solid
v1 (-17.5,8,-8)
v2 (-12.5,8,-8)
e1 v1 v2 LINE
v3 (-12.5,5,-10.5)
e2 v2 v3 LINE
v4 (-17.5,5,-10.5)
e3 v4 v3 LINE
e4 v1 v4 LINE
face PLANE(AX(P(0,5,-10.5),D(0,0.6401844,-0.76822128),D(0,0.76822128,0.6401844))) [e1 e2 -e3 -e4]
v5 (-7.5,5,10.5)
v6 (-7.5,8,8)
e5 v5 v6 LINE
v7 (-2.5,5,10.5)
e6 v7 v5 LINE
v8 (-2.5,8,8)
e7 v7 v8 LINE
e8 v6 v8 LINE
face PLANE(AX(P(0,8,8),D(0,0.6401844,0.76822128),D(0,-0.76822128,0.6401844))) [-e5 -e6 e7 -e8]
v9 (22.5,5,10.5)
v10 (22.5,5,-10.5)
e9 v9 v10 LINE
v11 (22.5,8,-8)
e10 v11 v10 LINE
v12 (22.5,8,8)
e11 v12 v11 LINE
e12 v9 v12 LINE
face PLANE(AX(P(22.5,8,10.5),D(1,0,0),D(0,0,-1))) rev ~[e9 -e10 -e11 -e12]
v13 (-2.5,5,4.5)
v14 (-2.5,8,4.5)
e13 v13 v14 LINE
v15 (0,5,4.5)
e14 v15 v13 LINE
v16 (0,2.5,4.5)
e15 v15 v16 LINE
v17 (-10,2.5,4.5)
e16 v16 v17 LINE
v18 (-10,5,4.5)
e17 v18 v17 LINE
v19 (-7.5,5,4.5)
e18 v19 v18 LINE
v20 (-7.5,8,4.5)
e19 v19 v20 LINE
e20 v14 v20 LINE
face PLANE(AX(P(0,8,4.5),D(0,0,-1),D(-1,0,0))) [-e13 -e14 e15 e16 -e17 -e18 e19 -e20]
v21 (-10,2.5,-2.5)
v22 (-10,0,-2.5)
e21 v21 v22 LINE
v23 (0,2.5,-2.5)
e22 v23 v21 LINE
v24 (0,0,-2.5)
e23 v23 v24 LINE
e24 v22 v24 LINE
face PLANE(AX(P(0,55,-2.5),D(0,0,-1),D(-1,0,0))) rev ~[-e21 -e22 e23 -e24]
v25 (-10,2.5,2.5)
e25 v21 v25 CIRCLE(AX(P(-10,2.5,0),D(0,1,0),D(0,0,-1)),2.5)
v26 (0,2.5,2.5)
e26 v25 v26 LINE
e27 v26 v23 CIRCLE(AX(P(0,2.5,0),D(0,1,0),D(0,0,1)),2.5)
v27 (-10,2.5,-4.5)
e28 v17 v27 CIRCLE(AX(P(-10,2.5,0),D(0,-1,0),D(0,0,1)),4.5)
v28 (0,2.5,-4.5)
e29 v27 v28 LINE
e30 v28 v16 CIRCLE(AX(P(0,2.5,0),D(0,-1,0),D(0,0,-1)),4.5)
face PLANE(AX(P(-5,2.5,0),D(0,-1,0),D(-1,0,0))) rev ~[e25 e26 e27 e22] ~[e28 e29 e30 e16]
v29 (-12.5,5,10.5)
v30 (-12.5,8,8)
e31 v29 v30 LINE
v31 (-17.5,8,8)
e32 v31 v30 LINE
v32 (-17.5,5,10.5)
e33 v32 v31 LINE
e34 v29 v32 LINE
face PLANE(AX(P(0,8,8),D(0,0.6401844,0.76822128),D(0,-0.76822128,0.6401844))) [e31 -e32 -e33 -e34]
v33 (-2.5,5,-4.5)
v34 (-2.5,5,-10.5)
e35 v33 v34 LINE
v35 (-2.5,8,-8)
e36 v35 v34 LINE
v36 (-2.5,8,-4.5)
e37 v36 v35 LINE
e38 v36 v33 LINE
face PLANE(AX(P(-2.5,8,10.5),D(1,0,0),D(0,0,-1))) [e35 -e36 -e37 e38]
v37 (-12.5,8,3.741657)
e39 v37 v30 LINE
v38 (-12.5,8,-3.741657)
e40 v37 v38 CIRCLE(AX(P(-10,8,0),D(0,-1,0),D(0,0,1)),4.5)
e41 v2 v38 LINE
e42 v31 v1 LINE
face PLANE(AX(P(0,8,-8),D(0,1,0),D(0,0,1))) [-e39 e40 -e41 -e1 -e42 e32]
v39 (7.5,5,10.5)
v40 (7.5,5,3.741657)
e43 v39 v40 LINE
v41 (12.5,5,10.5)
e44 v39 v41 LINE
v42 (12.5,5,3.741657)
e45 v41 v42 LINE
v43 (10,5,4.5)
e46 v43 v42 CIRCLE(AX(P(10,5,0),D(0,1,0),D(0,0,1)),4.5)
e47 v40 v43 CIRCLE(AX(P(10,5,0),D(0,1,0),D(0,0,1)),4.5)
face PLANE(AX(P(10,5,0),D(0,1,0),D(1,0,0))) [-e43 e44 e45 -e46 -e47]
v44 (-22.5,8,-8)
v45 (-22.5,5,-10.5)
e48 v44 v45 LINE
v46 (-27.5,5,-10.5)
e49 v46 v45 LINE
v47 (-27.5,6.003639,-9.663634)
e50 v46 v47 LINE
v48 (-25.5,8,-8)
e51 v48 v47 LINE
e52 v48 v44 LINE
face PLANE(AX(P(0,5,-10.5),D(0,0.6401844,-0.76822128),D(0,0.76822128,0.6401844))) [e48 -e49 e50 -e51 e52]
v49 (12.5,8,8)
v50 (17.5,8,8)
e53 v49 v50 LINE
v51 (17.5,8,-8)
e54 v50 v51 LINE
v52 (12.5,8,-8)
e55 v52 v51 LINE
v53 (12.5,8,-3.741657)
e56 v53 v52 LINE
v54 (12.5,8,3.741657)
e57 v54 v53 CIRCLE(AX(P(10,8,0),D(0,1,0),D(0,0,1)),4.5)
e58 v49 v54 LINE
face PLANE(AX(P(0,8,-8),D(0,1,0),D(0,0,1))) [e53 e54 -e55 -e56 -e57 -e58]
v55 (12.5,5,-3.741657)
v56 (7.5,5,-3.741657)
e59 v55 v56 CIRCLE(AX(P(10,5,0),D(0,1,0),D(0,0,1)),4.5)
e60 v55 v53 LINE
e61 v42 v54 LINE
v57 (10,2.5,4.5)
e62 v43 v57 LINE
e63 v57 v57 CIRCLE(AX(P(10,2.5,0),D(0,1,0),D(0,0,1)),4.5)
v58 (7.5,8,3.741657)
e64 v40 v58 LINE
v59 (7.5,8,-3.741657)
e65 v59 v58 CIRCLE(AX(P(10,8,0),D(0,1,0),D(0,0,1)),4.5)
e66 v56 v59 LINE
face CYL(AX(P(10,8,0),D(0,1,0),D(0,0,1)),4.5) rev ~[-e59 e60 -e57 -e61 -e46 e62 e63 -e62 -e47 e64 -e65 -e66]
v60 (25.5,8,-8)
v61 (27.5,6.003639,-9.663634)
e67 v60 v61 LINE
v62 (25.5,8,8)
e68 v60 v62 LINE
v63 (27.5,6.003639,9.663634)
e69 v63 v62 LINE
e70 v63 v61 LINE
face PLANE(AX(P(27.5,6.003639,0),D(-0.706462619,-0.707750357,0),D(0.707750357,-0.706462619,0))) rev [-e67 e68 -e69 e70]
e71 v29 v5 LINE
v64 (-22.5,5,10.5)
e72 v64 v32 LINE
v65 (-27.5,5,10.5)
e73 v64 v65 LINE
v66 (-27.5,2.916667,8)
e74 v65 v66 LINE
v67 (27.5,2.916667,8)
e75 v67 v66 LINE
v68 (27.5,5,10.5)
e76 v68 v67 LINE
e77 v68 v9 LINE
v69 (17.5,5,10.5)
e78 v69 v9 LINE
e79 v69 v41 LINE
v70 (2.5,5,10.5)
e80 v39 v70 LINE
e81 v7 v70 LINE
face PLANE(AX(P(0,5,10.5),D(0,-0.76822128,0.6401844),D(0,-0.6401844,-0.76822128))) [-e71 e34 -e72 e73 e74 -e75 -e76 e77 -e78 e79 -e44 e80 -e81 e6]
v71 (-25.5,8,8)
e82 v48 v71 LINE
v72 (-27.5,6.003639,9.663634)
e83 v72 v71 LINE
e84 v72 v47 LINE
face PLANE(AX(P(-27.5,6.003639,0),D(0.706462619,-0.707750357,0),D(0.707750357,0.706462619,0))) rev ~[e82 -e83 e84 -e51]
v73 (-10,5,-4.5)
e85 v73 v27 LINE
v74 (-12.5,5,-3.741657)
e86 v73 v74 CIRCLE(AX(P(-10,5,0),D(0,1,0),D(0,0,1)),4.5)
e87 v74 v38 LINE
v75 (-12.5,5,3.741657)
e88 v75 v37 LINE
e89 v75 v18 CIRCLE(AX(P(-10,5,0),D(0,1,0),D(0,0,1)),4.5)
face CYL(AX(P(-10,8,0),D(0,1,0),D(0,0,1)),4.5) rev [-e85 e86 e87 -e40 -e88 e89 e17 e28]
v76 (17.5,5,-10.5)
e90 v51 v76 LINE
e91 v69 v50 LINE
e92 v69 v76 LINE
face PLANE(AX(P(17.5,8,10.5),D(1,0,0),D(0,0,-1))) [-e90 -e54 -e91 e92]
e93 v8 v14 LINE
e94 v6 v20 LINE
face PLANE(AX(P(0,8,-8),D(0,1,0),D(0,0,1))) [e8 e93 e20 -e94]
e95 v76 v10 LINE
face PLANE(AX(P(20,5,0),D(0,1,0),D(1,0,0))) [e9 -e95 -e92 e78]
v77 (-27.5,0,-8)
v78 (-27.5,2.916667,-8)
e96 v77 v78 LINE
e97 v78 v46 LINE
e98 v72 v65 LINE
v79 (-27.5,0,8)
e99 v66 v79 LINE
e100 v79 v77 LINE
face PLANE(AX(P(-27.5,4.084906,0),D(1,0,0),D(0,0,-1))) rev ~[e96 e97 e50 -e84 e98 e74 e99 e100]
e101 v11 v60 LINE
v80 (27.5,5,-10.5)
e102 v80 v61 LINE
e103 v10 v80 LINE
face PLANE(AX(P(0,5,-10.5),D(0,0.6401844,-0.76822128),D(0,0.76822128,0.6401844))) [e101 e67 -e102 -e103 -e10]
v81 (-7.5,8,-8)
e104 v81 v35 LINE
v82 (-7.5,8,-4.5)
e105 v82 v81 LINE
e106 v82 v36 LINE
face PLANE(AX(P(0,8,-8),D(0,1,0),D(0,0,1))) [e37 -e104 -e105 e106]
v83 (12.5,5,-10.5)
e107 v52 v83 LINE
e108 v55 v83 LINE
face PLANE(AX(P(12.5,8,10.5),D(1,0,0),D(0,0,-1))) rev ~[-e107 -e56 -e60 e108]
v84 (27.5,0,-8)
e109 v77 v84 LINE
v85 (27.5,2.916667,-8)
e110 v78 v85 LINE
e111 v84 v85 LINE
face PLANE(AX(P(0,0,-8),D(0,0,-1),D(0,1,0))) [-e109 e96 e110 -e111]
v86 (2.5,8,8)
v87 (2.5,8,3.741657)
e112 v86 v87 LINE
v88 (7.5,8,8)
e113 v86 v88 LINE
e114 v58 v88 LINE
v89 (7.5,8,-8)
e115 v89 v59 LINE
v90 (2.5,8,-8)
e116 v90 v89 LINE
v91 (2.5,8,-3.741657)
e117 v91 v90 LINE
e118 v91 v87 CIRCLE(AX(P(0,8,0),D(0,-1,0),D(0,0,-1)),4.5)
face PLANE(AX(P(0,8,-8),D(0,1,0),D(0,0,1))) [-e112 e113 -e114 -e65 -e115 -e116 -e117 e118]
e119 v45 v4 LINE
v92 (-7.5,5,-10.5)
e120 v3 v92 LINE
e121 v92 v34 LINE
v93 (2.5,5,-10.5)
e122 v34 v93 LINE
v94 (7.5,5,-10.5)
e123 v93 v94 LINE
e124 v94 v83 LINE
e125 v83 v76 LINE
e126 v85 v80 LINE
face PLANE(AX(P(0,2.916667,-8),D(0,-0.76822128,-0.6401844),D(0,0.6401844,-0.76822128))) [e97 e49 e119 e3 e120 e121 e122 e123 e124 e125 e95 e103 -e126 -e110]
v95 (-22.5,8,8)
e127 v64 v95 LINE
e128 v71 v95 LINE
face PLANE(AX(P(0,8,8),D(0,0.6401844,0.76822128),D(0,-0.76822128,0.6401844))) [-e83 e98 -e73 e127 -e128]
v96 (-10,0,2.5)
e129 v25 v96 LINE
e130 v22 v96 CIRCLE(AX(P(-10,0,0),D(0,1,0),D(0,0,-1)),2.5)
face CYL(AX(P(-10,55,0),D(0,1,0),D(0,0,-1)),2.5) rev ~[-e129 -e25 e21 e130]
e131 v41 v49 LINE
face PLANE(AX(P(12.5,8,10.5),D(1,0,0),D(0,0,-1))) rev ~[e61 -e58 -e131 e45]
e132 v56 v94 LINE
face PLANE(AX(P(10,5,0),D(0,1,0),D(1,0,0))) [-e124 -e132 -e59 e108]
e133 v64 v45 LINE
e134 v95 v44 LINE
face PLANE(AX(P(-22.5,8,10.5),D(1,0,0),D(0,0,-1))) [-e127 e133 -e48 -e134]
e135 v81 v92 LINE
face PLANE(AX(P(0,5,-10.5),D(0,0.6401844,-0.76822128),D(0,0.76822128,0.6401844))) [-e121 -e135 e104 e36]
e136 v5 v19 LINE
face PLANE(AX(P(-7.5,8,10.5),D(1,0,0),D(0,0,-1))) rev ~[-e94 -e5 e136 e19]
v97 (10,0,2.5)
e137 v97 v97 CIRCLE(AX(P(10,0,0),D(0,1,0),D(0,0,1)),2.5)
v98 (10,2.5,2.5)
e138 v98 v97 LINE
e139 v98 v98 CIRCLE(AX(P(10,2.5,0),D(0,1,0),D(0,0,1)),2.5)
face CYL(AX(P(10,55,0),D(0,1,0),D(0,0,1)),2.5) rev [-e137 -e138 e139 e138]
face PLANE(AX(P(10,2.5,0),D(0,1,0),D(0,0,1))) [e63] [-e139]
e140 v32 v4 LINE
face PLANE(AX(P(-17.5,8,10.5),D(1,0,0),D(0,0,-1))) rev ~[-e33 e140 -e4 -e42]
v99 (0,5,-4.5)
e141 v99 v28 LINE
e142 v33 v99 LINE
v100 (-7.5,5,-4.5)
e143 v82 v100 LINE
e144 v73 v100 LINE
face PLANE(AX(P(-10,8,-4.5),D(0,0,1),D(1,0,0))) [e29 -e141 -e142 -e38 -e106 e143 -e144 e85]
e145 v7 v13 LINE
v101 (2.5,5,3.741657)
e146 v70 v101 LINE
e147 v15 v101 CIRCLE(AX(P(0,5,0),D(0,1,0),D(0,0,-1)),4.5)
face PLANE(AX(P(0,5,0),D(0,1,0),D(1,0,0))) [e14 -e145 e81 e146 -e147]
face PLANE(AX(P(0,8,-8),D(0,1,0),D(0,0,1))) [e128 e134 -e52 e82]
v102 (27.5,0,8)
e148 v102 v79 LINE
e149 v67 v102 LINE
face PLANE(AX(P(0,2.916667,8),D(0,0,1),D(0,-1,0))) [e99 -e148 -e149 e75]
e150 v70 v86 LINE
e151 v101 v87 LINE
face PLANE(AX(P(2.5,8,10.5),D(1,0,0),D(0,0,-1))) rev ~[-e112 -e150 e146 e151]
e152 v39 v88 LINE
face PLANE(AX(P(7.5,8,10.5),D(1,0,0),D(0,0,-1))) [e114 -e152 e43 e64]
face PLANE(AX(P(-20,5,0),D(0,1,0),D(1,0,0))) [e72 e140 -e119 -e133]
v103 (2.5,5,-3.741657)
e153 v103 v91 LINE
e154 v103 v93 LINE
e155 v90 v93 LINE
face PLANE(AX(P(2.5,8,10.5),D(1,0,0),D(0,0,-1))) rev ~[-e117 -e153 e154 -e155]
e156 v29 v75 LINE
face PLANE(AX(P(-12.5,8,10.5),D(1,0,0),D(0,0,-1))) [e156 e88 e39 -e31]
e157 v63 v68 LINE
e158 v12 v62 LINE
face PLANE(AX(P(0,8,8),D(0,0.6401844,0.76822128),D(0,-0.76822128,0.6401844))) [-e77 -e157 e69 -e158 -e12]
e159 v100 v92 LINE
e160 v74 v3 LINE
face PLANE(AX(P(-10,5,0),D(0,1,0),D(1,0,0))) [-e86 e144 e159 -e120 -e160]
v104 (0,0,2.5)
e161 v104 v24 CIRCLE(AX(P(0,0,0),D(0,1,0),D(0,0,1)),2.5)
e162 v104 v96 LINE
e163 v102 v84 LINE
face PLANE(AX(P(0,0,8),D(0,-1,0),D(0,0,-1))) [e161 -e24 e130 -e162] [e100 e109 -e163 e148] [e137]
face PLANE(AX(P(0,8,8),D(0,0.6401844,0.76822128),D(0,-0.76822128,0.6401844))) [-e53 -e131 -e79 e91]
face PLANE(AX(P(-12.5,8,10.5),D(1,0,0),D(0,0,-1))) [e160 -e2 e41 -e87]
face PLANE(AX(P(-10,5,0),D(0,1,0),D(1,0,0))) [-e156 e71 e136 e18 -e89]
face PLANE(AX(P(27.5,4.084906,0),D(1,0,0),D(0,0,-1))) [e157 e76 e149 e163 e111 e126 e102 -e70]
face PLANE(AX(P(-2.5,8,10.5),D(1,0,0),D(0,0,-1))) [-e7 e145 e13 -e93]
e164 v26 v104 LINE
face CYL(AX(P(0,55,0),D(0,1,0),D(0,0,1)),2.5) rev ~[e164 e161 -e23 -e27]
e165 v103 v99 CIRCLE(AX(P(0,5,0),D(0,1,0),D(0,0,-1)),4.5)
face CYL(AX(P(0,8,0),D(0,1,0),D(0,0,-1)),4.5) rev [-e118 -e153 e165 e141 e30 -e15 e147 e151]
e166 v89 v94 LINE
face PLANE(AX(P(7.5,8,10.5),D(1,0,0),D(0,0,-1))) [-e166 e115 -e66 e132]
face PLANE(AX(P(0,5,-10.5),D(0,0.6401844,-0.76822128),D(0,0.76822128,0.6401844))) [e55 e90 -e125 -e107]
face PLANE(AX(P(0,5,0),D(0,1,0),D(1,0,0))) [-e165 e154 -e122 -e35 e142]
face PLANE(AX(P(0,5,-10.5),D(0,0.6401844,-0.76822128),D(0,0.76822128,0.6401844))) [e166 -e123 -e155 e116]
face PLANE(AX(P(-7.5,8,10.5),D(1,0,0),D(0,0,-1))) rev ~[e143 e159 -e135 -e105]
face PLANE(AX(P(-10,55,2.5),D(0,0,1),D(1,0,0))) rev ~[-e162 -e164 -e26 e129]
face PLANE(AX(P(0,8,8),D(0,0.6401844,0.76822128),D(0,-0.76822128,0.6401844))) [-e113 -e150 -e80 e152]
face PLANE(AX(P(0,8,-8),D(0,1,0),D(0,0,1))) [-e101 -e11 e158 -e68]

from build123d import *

# Parameters (mm, degrees)
EXTRUDE_1_DEPTH                  = 27.5
SKETCH_2_W                       = 5
SKETCH_2_H                       = 21
CUT_EXTRUDE_1_DEPTH              = 3
PATTERN_LINEAR_1_COUNT           = 3
PATTERN_LINEAR_1_PITCH           = 10
PATTERN_LINEAR_2_COPY_1_SKETCH_W = 5
PATTERN_LINEAR_2_COPY_1_SKETCH_H = 21
PATTERN_LINEAR_2_COPY_1_DEPTH    = 3
PATTERN_LINEAR_2_COPY_2_SKETCH_W = 5
PATTERN_LINEAR_2_COPY_2_SKETCH_H = 21
PATTERN_LINEAR_2_COPY_2_DEPTH    = 3
PATTERN_LINEAR_2_COPY_3_SKETCH_W = 5
PATTERN_LINEAR_2_COPY_3_SKETCH_H = 21
PATTERN_LINEAR_2_COPY_3_DEPTH    = 3
PATTERN_LINEAR_2_COPY_4_SKETCH_W = 5
PATTERN_LINEAR_2_COPY_4_SKETCH_H = 21
PATTERN_LINEAR_2_COPY_4_DEPTH    = 3
PATTERN_LINEAR_2_COPY_5_SKETCH_W = 5
PATTERN_LINEAR_2_COPY_5_SKETCH_H = 21
PATTERN_LINEAR_2_COPY_5_DEPTH    = 3
PATTERN_LINEAR_2_COPY_6_SKETCH_W = 5
PATTERN_LINEAR_2_COPY_6_SKETCH_H = 21
PATTERN_LINEAR_2_COPY_6_DEPTH    = 3
CUT_EXTRUDE_2_DEPTH              = 31.504098085
CUT_EXTRUDE_2_DEPTH_BACK         = 55
SKETCH_3_R                       = 2.5
CUT_EXTRUDE_3_DEPTH              = 31.504098085
SKETCH_5_R                       = 4.5
CUT_EXTRUDE_4_DEPTH              = 5.5


with BuildPart() as part:
    # 草图1 → 凸台-拉伸1 (new, symmetric)
    with BuildSketch(Plane(origin=(0, 0, 0), x_dir=(0, 0, -1), z_dir=(1, 0, 0))):
        Polygon((-8, 0), (8, 0), (8, 2.916666667), (10.5, 5), (8, 8), (-8, 8), (-10.5, 5), (-8, 2.916666667), align=None)
    extrude(amount=EXTRUDE_1_DEPTH, both=True)

    # 草图2 → 切除-拉伸1 (cut)
    with BuildSketch(Plane(origin=(0, 8, 0), x_dir=(1, 0, 0), z_dir=(0, 1, 0))):
        Rectangle(SKETCH_2_W, SKETCH_2_H)
    cut_extrude_1 = extrude(amount=-CUT_EXTRUDE_1_DEPTH, mode=Mode.SUBTRACT)

    # 阵列(线性)1: 切除-拉伸1 ×3
    with Locations(*[(i * PATTERN_LINEAR_1_PITCH, 0, 0) for i in range(1, PATTERN_LINEAR_1_COUNT)]):
        add(cut_extrude_1, mode=Mode.SUBTRACT)

    # 阵列(线性)2 copy 1 sketch → 阵列(线性)2 copy 1 (cut)
    with BuildSketch(Plane(origin=(0, 8, 0), x_dir=(1, 0, 0), z_dir=(0, 1, 0))):
        Rectangle(PATTERN_LINEAR_2_COPY_1_SKETCH_W, PATTERN_LINEAR_2_COPY_1_SKETCH_H)
    extrude(amount=-PATTERN_LINEAR_2_COPY_1_DEPTH, mode=Mode.SUBTRACT)

    # 阵列(线性)2 copy 2 sketch → 阵列(线性)2 copy 2 (cut)
    with BuildSketch(Plane(origin=(-10, 8, 0), x_dir=(1, 0, 0), z_dir=(0, 1, 0))):
        Rectangle(PATTERN_LINEAR_2_COPY_2_SKETCH_W, PATTERN_LINEAR_2_COPY_2_SKETCH_H)
    extrude(amount=-PATTERN_LINEAR_2_COPY_2_DEPTH, mode=Mode.SUBTRACT)

    # 阵列(线性)2 copy 3 sketch → 阵列(线性)2 copy 3 (cut)
    with BuildSketch(Plane(origin=(10, 8, 0), x_dir=(1, 0, 0), z_dir=(0, 1, 0))):
        Rectangle(PATTERN_LINEAR_2_COPY_3_SKETCH_W, PATTERN_LINEAR_2_COPY_3_SKETCH_H)
    extrude(amount=-PATTERN_LINEAR_2_COPY_3_DEPTH, mode=Mode.SUBTRACT)

    # 阵列(线性)2 copy 4 sketch → 阵列(线性)2 copy 4 (cut)
    with BuildSketch(Plane(origin=(0, 8, 0), x_dir=(1, 0, 0), z_dir=(0, 1, 0))):
        Rectangle(PATTERN_LINEAR_2_COPY_4_SKETCH_W, PATTERN_LINEAR_2_COPY_4_SKETCH_H)
    extrude(amount=-PATTERN_LINEAR_2_COPY_4_DEPTH, mode=Mode.SUBTRACT)

    # 阵列(线性)2 copy 5 sketch → 阵列(线性)2 copy 5 (cut)
    with BuildSketch(Plane(origin=(-10, 8, 0), x_dir=(1, 0, 0), z_dir=(0, 1, 0))):
        Rectangle(PATTERN_LINEAR_2_COPY_5_SKETCH_W, PATTERN_LINEAR_2_COPY_5_SKETCH_H)
    extrude(amount=-PATTERN_LINEAR_2_COPY_5_DEPTH, mode=Mode.SUBTRACT)

    # 阵列(线性)2 copy 6 sketch → 阵列(线性)2 copy 6 (cut)
    with BuildSketch(Plane(origin=(-20, 8, 0), x_dir=(1, 0, 0), z_dir=(0, 1, 0))):
        Rectangle(PATTERN_LINEAR_2_COPY_6_SKETCH_W, PATTERN_LINEAR_2_COPY_6_SKETCH_H)
    extrude(amount=-PATTERN_LINEAR_2_COPY_6_DEPTH, mode=Mode.SUBTRACT)

    # 草图3 → 切除-拉伸2 (cut, two sides: drawn at the far end of the back side and taken through both)
    with BuildSketch(Plane.XZ.offset(-CUT_EXTRUDE_2_DEPTH_BACK)):
        with Locations(Location((10, 0, 0), (0, 0, 90))):
            Circle(SKETCH_3_R)
        with BuildLine():
            Line((-10, 2.5), (0, 2.5))
            ThreePointArc((0, 2.5), (2.5, 0), (0, -2.5))
            Line((0, -2.5), (-10, -2.5))
            ThreePointArc((-10, -2.5), (-12.5, 0), (-10, 2.5))
        make_face()
    extrude(amount=CUT_EXTRUDE_2_DEPTH + CUT_EXTRUDE_2_DEPTH_BACK, mode=Mode.SUBTRACT)

    # 草图4 → 切除-拉伸3 (cut, symmetric)
    with BuildSketch(Plane.XY):
        Polygon((-27.5, 6.003638962), (-25.5, 8), (-27.5, 8), align=None)
    cut_extrude_3 = extrude(amount=CUT_EXTRUDE_3_DEPTH, both=True, mode=Mode.SUBTRACT)

    # 镜向1: 切除-拉伸3 across plane
    add(cut_extrude_3.mirror(Plane(origin=(0, 0, 0), x_dir=(0, 0, 1), z_dir=(1, 0, 0))), mode=Mode.SUBTRACT)

    # 草图5 → 切除-拉伸4 (cut)
    with BuildSketch(Plane(origin=(0, 8, 0), x_dir=(1, 0, 0), z_dir=(0, 1, 0))):
        with Locations(Location((10, 0, 0), (0, 0, 270))):
            Circle(SKETCH_5_R)
        with BuildLine():
            Line((-10, 4.5), (0, 4.5))
            ThreePointArc((0, 4.5), (4.5, 0), (0, -4.5))
            Line((0, -4.5), (-10, -4.5))
            ThreePointArc((-10, -4.5), (-14.5, 0), (-10, 4.5))
        make_face()
    extrude(amount=-CUT_EXTRUDE_4_DEPTH, mode=Mode.SUBTRACT)


solid = part.part
